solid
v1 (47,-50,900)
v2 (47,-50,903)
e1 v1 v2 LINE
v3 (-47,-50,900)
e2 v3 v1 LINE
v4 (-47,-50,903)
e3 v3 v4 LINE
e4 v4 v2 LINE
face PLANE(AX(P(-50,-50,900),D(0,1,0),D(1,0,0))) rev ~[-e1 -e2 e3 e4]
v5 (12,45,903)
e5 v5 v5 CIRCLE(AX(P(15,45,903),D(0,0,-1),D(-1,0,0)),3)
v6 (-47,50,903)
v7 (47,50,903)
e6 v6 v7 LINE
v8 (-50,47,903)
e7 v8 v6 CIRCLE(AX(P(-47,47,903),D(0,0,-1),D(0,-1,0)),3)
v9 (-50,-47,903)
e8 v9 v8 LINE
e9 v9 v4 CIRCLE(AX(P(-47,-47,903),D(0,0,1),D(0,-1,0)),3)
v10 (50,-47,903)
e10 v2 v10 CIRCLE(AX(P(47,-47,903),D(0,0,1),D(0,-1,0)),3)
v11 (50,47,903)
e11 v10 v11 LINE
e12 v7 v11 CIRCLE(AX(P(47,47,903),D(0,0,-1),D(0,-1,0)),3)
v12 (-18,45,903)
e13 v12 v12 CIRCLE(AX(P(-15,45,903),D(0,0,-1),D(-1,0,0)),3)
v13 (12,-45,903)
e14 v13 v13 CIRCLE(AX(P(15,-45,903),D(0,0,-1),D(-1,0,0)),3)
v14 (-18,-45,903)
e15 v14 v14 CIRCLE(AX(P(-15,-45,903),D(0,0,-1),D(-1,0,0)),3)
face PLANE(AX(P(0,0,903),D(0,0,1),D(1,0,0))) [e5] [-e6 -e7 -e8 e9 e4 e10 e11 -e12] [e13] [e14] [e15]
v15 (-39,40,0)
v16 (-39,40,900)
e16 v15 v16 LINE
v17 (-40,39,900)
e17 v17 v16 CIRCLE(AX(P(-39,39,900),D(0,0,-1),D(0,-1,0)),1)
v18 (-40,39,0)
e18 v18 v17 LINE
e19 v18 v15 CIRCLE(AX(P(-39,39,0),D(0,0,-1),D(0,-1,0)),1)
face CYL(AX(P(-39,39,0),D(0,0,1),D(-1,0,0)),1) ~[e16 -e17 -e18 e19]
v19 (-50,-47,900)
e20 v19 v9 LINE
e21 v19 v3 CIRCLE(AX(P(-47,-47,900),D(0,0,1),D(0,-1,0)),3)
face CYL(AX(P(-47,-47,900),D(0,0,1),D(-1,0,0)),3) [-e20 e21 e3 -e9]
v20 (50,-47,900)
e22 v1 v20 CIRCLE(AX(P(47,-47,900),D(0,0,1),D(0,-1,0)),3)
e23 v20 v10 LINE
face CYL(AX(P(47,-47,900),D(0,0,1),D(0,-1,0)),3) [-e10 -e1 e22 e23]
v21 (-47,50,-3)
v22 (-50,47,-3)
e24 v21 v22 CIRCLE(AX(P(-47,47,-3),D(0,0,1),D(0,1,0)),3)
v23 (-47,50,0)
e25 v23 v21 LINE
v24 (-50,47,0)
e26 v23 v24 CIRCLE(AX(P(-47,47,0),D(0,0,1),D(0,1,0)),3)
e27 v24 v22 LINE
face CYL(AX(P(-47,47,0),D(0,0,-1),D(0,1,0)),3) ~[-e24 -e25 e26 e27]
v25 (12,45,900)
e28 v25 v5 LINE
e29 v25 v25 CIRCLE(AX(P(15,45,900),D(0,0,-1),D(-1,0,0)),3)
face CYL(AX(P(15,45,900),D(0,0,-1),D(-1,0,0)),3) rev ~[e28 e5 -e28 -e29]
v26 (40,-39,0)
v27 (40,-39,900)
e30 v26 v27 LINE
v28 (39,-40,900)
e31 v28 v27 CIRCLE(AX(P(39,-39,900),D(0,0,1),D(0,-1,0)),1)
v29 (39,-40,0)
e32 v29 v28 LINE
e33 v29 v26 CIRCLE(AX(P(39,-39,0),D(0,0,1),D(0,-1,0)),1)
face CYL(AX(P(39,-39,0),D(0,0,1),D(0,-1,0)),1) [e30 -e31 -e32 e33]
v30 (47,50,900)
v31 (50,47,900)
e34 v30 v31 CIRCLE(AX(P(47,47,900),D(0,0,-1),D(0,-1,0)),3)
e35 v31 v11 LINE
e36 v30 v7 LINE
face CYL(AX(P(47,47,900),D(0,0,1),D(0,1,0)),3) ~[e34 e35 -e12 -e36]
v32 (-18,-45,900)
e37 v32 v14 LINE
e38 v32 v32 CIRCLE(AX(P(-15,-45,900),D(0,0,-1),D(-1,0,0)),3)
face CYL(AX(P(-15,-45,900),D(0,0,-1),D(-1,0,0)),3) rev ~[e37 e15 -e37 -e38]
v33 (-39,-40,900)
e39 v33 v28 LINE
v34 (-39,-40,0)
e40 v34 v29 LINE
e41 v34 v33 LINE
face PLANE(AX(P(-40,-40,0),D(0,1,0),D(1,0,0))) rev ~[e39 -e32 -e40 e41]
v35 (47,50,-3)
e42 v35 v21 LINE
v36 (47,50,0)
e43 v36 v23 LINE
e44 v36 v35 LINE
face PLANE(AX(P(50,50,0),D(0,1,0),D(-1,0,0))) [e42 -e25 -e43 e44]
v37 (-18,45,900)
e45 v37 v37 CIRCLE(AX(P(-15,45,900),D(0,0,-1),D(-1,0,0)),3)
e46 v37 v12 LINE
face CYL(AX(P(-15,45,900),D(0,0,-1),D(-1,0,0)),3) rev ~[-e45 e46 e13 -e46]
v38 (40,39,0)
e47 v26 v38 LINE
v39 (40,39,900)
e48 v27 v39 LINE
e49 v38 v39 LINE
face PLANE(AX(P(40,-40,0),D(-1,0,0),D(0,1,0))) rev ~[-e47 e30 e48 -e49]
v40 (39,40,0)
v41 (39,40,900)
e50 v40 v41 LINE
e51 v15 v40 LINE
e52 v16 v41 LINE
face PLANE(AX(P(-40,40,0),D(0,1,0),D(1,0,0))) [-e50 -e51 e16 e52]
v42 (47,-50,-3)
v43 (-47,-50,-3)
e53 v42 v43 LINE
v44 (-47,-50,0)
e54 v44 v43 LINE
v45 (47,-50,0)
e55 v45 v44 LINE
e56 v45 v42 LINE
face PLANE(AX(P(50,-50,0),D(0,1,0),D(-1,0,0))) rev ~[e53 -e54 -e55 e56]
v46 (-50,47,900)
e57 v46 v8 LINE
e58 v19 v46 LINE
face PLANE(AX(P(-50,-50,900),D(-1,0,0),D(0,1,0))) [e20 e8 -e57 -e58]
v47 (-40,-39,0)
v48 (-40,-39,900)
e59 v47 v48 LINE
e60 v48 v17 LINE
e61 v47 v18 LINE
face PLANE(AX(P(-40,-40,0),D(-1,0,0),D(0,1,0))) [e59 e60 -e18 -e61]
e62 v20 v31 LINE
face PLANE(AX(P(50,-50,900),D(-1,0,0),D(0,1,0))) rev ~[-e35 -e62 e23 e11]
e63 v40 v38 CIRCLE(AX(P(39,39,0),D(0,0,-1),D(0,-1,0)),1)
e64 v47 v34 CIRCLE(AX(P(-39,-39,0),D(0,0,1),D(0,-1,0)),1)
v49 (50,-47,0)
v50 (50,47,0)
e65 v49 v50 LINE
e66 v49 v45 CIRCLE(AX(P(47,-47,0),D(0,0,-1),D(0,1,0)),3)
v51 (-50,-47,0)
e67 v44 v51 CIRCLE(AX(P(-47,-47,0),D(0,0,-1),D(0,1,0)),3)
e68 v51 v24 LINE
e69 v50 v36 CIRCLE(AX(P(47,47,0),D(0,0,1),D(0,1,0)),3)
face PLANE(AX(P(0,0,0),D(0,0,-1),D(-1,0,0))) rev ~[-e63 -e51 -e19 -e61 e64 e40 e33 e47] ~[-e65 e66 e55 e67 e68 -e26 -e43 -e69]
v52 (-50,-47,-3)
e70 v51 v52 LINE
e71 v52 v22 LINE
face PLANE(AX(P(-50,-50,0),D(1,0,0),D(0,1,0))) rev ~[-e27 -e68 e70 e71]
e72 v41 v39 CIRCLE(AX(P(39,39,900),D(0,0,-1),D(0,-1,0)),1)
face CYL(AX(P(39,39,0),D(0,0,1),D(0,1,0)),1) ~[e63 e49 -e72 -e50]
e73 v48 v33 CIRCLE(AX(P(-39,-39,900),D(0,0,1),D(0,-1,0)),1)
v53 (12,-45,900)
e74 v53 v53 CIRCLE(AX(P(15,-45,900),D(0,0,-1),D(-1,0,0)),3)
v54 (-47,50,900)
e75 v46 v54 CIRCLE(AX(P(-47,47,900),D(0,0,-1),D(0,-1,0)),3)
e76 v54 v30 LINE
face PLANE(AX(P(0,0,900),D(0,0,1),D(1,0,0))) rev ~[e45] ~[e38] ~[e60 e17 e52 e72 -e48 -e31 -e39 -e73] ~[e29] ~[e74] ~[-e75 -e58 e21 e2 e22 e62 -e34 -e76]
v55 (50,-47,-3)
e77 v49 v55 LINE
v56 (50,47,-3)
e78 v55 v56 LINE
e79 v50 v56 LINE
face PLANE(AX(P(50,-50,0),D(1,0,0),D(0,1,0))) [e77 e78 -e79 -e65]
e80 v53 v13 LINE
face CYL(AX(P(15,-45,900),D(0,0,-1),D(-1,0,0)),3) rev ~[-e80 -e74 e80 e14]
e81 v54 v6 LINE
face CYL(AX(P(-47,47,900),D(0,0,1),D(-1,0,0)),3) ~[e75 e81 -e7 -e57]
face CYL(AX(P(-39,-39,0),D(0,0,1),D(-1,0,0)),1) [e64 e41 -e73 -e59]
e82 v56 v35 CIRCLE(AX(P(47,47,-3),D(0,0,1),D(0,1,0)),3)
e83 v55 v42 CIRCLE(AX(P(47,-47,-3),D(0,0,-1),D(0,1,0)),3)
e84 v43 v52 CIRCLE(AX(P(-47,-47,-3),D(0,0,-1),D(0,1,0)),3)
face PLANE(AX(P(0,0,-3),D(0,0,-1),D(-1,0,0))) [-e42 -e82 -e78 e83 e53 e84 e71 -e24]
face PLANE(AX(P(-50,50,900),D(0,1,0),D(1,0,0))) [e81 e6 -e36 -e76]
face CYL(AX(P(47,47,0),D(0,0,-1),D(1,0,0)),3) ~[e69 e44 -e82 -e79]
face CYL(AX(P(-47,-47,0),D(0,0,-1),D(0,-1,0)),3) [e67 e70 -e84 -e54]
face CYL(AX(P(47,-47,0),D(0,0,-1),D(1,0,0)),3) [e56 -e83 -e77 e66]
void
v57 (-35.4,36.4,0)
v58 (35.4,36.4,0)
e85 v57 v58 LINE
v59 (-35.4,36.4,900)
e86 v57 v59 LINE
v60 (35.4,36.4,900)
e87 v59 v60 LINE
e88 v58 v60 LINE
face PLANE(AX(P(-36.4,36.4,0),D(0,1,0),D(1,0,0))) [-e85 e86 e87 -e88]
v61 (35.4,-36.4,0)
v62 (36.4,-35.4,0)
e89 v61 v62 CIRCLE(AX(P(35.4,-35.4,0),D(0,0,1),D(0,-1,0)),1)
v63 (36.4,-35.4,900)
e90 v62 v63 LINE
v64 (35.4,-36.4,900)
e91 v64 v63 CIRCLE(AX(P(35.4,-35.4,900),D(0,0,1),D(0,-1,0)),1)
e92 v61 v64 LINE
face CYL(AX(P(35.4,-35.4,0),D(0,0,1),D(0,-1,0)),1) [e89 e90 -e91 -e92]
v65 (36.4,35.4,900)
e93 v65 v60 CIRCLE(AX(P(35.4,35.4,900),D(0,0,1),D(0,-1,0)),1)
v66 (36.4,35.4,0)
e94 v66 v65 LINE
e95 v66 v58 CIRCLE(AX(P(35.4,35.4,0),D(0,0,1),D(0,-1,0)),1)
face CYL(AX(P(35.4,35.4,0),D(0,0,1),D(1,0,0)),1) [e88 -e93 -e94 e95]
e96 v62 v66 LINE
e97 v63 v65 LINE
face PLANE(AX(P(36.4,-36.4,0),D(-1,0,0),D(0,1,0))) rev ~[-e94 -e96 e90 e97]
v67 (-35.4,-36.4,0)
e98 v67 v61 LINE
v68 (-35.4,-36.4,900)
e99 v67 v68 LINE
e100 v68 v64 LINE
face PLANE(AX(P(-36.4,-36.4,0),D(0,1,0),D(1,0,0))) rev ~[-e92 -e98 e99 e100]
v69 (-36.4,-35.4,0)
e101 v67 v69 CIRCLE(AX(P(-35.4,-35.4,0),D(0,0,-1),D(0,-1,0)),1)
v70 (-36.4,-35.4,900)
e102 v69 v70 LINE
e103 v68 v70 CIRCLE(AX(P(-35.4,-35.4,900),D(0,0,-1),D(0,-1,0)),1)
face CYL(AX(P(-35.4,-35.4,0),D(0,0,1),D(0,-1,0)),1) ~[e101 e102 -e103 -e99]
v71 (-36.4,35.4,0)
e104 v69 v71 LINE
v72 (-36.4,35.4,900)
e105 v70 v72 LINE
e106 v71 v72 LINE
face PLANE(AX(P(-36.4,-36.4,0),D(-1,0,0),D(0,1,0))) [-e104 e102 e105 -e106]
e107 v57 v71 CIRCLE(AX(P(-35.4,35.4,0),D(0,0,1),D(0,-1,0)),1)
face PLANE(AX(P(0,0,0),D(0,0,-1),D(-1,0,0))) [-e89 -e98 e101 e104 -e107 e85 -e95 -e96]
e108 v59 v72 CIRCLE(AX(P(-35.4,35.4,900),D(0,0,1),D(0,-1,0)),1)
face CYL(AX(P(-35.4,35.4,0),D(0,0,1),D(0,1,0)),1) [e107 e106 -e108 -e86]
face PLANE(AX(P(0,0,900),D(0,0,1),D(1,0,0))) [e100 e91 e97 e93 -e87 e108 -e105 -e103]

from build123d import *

# Parameters (mm, degrees)
SKETCH2_W           = 80
SKETCH2_H           = 80
SKETCH2_W_2         = 72.8
SKETCH2_H_2         = 72.8
BOSS_EXTRUDE1_DEPTH = 900
FILLET1_R           = 1
FILLET2_R           = 1
SKETCH3_W           = 100
SKETCH3_H           = 100
BOSS_EXTRUDE2_DEPTH = 3
FILLET3_R           = 3
SKETCH5_R           = 3
CUT_EXTRUDE1_DEPTH  = 3
SKETCH6_W           = 100
SKETCH6_H           = 100
BOSS_EXTRUDE3_DEPTH = 3
FILLET4_R           = 3


with BuildPart() as part:
    # Sketch2 → Boss-Extrude1 (new body)
    with BuildSketch(Plane.XY):
        Rectangle(SKETCH2_W, SKETCH2_H)
        Rectangle(SKETCH2_W_2, SKETCH2_H_2, mode=Mode.SUBTRACT)
    extrude(amount=BOSS_EXTRUDE1_DEPTH)

    # Fillet1
    fillet1_edges = [part.edges().sort_by_distance(p)[0] for p in [
        (40, -40, 450),
        (-40, -40, 450),
        (-40, 40, 450),
        (40, 40, 450),
    ]]
    fillet(fillet1_edges, radius=FILLET1_R)

    # Fillet2
    fillet2_edges = [part.edges().sort_by_distance(p)[0] for p in [
        (-36.4, 36.4, 450),
        (-36.4, -36.4, 450),
        (36.4, -36.4, 450),
        (36.4, 36.4, 450),
    ]]
    fillet(fillet2_edges, radius=FILLET2_R)

    # Sketch3 → Boss-Extrude2 (add)
    with BuildSketch(Plane.XY.offset(900)):
        Rectangle(SKETCH3_W, SKETCH3_H)
    extrude(amount=BOSS_EXTRUDE2_DEPTH)

    # Fillet3
    fillet3_edges = [part.edges().sort_by_distance(p)[0] for p in [
        (50, -50, 901.5),
        (50, 50, 901.5),
        (-50, 50, 901.5),
        (-50, -50, 901.5),
    ]]
    fillet(fillet3_edges, radius=FILLET3_R)

    # Sketch5 → Cut-Extrude1 (cut)
    with BuildSketch(Plane(origin=(0, 0, 900), x_dir=(-1, 0, 0), z_dir=(0, 0, -1))):
        with Locations((15, -45)):
            Circle(SKETCH5_R)
        with Locations((-15, -45)):
            Circle(SKETCH5_R)
        with Locations((15, 45)):
            Circle(SKETCH5_R)
        with Locations((-15, 45)):
            Circle(SKETCH5_R)
    extrude(amount=-CUT_EXTRUDE1_DEPTH, mode=Mode.SUBTRACT)

    # Sketch6 → Boss-Extrude3 (add)
    with BuildSketch(Plane(origin=(0, 0, 0), x_dir=(-1, 0, 0), z_dir=(0, 0, -1))):
        Rectangle(SKETCH6_W, SKETCH6_H)
    extrude(amount=BOSS_EXTRUDE3_DEPTH)

    # Fillet4
    fillet4_edges = [part.edges().sort_by_distance(p)[0] for p in [
        (-50, -50, -1.5),
        (-50, 50, -1.5),
        (50, 50, -1.5),
        (50, -50, -1.5),
    ]]
    fillet(fillet4_edges, radius=FILLET4_R)


solid = part.part
